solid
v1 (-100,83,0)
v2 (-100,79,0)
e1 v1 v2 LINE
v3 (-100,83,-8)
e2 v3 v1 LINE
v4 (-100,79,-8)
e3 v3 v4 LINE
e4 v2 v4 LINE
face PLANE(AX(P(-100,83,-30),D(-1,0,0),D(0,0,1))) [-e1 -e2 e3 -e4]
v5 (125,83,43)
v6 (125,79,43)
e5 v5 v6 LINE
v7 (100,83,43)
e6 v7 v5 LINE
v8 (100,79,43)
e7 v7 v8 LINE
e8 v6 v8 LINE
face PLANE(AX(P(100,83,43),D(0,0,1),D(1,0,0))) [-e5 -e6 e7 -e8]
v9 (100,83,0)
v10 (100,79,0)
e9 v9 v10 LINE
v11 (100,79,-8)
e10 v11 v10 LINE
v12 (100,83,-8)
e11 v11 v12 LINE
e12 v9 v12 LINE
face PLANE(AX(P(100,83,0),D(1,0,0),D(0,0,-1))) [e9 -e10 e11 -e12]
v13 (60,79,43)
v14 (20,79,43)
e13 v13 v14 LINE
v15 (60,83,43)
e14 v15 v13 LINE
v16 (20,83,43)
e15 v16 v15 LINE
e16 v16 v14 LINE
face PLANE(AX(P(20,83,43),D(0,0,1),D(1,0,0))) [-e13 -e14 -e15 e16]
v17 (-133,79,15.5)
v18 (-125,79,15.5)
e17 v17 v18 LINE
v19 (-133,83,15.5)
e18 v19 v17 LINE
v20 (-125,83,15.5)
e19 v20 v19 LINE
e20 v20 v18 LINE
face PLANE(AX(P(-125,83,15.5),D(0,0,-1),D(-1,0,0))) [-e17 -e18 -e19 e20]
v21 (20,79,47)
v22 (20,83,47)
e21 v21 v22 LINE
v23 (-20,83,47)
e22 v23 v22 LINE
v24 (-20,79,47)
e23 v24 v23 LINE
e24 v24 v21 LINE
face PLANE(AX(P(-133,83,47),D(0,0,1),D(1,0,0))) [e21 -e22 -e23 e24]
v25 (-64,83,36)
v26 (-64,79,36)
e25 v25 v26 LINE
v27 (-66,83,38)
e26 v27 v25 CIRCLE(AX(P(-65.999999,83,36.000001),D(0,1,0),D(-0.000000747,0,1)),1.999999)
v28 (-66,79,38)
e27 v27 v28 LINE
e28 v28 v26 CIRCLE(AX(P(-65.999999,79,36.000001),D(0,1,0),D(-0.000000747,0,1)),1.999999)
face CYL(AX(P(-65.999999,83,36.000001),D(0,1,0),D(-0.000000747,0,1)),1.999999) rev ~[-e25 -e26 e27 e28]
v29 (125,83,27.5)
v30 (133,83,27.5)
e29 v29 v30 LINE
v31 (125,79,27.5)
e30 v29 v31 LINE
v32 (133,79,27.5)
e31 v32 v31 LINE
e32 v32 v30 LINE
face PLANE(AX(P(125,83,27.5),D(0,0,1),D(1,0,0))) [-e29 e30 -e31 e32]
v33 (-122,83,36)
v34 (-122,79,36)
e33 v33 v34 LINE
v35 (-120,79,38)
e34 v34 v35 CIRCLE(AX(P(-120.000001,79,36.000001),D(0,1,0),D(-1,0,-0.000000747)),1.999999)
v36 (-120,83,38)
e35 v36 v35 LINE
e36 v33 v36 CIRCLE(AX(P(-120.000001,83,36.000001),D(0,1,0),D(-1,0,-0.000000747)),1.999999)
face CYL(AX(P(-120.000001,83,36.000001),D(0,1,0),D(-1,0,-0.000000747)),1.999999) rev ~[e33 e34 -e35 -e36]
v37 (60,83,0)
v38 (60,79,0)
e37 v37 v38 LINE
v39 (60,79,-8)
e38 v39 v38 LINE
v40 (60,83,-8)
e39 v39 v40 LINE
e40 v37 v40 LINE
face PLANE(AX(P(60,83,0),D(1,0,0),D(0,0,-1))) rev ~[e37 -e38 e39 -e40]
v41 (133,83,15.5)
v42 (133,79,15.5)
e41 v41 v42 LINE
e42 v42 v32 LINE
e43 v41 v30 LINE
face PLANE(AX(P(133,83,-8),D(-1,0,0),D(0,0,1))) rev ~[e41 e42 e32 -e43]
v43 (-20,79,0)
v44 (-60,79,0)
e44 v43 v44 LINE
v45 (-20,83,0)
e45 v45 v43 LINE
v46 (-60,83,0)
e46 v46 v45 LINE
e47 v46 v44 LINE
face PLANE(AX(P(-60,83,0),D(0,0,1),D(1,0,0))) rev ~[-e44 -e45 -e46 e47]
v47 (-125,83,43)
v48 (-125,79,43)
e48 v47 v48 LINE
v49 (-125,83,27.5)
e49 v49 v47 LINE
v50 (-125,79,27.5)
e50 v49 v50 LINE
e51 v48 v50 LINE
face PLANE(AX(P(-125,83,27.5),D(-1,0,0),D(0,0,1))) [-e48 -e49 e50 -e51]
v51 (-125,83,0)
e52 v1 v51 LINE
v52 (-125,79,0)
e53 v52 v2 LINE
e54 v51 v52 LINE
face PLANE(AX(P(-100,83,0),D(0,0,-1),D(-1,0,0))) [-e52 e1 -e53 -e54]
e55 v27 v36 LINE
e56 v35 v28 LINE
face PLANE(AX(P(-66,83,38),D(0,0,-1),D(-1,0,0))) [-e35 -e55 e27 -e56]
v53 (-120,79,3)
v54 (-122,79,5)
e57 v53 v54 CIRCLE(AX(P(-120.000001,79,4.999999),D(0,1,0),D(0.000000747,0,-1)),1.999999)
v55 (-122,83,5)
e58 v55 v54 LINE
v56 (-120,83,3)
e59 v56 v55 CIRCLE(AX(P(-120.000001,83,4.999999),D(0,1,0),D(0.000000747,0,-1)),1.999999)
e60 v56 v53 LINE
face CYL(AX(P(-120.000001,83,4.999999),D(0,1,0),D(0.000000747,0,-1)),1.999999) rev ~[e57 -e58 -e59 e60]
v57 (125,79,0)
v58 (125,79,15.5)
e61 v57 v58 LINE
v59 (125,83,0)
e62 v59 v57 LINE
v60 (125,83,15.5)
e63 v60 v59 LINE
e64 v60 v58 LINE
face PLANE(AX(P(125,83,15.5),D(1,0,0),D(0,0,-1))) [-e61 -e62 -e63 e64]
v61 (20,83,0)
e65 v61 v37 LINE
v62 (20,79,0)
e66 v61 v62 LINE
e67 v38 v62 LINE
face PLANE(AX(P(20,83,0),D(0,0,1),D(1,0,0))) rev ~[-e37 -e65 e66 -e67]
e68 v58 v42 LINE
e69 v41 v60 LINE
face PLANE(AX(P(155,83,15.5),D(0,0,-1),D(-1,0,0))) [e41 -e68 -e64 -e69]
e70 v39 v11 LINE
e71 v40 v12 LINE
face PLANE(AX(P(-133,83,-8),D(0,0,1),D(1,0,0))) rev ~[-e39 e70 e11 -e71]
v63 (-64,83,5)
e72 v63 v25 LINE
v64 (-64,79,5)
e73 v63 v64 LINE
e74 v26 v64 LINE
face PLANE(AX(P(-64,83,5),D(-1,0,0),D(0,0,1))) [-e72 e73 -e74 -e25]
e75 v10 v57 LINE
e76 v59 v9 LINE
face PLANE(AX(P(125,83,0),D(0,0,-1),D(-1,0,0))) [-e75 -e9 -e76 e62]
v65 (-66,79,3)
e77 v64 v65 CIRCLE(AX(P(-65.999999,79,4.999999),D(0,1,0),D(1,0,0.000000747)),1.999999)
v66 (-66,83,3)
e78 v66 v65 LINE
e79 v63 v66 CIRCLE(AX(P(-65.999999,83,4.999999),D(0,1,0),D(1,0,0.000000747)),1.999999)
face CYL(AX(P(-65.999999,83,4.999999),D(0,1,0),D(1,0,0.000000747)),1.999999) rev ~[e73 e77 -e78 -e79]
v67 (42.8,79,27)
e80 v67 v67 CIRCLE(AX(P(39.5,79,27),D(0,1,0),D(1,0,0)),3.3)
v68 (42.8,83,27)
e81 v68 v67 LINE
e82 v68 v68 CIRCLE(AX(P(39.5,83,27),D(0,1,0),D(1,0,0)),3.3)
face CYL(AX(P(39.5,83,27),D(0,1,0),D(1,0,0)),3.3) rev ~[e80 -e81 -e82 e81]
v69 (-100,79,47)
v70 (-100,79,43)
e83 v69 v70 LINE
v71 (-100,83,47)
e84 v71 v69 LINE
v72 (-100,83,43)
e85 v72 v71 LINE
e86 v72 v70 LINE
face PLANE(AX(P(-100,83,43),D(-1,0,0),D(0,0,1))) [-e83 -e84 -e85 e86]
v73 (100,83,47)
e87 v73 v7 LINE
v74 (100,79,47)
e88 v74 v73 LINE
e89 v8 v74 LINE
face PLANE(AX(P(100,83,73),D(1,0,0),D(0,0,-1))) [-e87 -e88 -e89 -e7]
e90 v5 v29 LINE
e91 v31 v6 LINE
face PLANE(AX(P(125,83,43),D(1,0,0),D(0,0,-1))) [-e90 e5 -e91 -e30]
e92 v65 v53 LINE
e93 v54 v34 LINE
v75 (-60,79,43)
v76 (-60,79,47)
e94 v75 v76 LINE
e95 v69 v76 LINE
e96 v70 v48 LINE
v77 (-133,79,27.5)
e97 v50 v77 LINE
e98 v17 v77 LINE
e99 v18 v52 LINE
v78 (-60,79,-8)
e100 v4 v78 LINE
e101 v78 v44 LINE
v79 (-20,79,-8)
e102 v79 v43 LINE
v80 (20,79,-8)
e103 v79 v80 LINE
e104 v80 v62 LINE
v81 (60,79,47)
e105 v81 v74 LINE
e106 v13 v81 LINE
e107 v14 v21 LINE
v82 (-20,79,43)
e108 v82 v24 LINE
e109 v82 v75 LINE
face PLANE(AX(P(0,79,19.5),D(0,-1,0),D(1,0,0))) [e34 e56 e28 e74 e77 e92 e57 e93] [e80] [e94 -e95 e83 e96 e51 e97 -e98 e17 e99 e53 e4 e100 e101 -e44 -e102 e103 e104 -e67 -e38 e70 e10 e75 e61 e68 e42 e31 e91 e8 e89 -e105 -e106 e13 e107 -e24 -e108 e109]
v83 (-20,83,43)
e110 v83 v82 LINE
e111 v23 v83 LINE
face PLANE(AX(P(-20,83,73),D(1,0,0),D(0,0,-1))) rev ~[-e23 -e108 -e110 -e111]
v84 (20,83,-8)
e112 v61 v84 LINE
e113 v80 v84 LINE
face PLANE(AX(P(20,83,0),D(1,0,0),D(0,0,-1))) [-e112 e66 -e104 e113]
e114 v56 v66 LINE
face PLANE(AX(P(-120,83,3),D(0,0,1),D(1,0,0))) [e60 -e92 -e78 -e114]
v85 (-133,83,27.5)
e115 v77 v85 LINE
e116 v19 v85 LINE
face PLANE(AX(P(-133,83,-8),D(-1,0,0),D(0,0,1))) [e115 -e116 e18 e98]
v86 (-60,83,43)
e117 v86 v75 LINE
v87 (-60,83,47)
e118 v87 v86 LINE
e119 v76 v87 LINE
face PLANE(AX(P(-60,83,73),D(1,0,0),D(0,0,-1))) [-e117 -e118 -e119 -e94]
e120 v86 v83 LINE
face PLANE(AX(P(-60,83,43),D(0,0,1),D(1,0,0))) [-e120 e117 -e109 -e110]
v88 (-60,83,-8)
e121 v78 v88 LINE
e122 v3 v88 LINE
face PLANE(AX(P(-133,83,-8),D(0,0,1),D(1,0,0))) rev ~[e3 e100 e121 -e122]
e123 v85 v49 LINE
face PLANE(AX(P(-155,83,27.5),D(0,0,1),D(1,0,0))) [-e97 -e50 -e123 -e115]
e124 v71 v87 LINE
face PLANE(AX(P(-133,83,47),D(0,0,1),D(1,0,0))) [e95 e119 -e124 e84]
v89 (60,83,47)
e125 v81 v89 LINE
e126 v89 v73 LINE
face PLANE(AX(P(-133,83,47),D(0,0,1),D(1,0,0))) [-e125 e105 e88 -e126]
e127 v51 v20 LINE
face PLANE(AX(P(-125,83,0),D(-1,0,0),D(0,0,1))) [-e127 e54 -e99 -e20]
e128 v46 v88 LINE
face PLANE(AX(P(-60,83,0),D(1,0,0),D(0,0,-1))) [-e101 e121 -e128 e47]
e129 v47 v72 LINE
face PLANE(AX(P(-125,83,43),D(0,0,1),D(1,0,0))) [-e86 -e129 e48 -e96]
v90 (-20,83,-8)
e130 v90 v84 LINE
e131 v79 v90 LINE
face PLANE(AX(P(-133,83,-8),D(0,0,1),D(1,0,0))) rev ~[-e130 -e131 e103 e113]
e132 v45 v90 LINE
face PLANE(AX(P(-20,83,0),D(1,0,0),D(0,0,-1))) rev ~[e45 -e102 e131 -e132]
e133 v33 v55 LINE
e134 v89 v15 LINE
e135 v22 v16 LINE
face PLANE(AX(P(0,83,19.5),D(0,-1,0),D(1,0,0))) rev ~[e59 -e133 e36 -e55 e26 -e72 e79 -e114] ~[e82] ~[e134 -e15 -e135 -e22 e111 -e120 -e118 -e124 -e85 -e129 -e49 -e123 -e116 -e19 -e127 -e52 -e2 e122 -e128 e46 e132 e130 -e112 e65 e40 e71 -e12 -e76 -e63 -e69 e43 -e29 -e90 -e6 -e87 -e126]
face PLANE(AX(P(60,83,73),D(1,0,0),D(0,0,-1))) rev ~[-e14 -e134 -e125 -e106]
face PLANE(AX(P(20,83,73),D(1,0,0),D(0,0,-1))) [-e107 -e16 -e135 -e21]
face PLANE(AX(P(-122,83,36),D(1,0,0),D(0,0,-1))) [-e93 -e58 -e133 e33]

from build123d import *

# Parameters (mm, degrees)
SKETCH005_W     = 266
SKETCH005_H     = 55
PAD002_DEPTH    = 4
SKETCH023_W     = 40
SKETCH023_H     = 30
POCKET006_DEPTH = 4.001
POCKET013_DEPTH = 4.001
SKETCH039_R     = 3.3
HOLE004_DEPTH   = 4.001


with BuildPart() as part:
    # Sketch005 (on DatumPlane) → Pad002 (new body)
    with BuildSketch(Plane.XZ.offset(-83)):
        with Locations((0, 19.5)):
            Rectangle(SKETCH005_W, SKETCH005_H)
    extrude(amount=PAD002_DEPTH)

    # Sketch023 (on Face5 of Pad002) → Pocket006 (cut, through all)
    with BuildSketch(Plane(origin=(0, 83, 0), x_dir=(1, 0, 0), z_dir=(0, 1, 0))):
        Polygon((-145, 30), (-100, 30), (-100, 0), (-125, 0), (-125, -15.5), (-155, -15.5), (-155, 4.5), (-145, 4.5), align=None)
        with Locations((-40, 15)):
            Rectangle(SKETCH023_W, SKETCH023_H)
        with Locations((40, 15)):
            Rectangle(SKETCH023_W, SKETCH023_H)
        Polygon((100, 30), (145, 30), (145, 4.5), (155, 4.5), (155, -15.5), (125, -15.5), (125, 0), (100, 0), align=None)
        Polygon((-125, -43), (-100, -43), (-100, -73), (-145, -73), (-145, -47.5), (-155, -47.5), (-155, -27.5), (-125, -27.5), align=None)
        with Locations((-40, -58)):
            Rectangle(SKETCH023_W, SKETCH023_H)
        with Locations((40, -58)):
            Rectangle(SKETCH023_W, SKETCH023_H)
        Polygon((100, -43), (125, -43), (125, -27.5), (155, -27.5), (155, -47.5), (145, -47.5), (145, -73), (100, -73), align=None)
    extrude(amount=-POCKET006_DEPTH, mode=Mode.SUBTRACT)

    # Sketch030 (on Face2 of Pocket006) → Pocket013 (cut, through all)
    with BuildSketch(Plane(origin=(0, 83, 0), x_dir=(1, 0, 0), z_dir=(0, 1, 0))):
        with BuildLine():
            Line((-120, -3), (-66, -3))
            ThreePointArc((-64, -5), (-64.585786, -3.585786), (-66, -3))
            Line((-64, -5), (-64, -36))
            ThreePointArc((-66, -38), (-64.585786, -37.414214), (-64, -36))
            Line((-66, -38), (-120, -38))
            ThreePointArc((-122, -36), (-121.414214, -37.414214), (-120, -38))
            Line((-122, -36), (-122, -5))
            ThreePointArc((-120, -3), (-121.414214, -3.585786), (-122, -5))
        make_face()
    extrude(amount=-POCKET013_DEPTH, mode=Mode.SUBTRACT)

    # Sketch039 (on Face2 of Pocket013) → Hole004 (cut, through all)
    with BuildSketch(Plane(origin=(0, 83, 0), x_dir=(1, 0, 0), z_dir=(0, 1, 0))):
        with Locations((39.5, -27)):
            Circle(SKETCH039_R)
    extrude(amount=-HOLE004_DEPTH, mode=Mode.SUBTRACT)


solid = part.part
